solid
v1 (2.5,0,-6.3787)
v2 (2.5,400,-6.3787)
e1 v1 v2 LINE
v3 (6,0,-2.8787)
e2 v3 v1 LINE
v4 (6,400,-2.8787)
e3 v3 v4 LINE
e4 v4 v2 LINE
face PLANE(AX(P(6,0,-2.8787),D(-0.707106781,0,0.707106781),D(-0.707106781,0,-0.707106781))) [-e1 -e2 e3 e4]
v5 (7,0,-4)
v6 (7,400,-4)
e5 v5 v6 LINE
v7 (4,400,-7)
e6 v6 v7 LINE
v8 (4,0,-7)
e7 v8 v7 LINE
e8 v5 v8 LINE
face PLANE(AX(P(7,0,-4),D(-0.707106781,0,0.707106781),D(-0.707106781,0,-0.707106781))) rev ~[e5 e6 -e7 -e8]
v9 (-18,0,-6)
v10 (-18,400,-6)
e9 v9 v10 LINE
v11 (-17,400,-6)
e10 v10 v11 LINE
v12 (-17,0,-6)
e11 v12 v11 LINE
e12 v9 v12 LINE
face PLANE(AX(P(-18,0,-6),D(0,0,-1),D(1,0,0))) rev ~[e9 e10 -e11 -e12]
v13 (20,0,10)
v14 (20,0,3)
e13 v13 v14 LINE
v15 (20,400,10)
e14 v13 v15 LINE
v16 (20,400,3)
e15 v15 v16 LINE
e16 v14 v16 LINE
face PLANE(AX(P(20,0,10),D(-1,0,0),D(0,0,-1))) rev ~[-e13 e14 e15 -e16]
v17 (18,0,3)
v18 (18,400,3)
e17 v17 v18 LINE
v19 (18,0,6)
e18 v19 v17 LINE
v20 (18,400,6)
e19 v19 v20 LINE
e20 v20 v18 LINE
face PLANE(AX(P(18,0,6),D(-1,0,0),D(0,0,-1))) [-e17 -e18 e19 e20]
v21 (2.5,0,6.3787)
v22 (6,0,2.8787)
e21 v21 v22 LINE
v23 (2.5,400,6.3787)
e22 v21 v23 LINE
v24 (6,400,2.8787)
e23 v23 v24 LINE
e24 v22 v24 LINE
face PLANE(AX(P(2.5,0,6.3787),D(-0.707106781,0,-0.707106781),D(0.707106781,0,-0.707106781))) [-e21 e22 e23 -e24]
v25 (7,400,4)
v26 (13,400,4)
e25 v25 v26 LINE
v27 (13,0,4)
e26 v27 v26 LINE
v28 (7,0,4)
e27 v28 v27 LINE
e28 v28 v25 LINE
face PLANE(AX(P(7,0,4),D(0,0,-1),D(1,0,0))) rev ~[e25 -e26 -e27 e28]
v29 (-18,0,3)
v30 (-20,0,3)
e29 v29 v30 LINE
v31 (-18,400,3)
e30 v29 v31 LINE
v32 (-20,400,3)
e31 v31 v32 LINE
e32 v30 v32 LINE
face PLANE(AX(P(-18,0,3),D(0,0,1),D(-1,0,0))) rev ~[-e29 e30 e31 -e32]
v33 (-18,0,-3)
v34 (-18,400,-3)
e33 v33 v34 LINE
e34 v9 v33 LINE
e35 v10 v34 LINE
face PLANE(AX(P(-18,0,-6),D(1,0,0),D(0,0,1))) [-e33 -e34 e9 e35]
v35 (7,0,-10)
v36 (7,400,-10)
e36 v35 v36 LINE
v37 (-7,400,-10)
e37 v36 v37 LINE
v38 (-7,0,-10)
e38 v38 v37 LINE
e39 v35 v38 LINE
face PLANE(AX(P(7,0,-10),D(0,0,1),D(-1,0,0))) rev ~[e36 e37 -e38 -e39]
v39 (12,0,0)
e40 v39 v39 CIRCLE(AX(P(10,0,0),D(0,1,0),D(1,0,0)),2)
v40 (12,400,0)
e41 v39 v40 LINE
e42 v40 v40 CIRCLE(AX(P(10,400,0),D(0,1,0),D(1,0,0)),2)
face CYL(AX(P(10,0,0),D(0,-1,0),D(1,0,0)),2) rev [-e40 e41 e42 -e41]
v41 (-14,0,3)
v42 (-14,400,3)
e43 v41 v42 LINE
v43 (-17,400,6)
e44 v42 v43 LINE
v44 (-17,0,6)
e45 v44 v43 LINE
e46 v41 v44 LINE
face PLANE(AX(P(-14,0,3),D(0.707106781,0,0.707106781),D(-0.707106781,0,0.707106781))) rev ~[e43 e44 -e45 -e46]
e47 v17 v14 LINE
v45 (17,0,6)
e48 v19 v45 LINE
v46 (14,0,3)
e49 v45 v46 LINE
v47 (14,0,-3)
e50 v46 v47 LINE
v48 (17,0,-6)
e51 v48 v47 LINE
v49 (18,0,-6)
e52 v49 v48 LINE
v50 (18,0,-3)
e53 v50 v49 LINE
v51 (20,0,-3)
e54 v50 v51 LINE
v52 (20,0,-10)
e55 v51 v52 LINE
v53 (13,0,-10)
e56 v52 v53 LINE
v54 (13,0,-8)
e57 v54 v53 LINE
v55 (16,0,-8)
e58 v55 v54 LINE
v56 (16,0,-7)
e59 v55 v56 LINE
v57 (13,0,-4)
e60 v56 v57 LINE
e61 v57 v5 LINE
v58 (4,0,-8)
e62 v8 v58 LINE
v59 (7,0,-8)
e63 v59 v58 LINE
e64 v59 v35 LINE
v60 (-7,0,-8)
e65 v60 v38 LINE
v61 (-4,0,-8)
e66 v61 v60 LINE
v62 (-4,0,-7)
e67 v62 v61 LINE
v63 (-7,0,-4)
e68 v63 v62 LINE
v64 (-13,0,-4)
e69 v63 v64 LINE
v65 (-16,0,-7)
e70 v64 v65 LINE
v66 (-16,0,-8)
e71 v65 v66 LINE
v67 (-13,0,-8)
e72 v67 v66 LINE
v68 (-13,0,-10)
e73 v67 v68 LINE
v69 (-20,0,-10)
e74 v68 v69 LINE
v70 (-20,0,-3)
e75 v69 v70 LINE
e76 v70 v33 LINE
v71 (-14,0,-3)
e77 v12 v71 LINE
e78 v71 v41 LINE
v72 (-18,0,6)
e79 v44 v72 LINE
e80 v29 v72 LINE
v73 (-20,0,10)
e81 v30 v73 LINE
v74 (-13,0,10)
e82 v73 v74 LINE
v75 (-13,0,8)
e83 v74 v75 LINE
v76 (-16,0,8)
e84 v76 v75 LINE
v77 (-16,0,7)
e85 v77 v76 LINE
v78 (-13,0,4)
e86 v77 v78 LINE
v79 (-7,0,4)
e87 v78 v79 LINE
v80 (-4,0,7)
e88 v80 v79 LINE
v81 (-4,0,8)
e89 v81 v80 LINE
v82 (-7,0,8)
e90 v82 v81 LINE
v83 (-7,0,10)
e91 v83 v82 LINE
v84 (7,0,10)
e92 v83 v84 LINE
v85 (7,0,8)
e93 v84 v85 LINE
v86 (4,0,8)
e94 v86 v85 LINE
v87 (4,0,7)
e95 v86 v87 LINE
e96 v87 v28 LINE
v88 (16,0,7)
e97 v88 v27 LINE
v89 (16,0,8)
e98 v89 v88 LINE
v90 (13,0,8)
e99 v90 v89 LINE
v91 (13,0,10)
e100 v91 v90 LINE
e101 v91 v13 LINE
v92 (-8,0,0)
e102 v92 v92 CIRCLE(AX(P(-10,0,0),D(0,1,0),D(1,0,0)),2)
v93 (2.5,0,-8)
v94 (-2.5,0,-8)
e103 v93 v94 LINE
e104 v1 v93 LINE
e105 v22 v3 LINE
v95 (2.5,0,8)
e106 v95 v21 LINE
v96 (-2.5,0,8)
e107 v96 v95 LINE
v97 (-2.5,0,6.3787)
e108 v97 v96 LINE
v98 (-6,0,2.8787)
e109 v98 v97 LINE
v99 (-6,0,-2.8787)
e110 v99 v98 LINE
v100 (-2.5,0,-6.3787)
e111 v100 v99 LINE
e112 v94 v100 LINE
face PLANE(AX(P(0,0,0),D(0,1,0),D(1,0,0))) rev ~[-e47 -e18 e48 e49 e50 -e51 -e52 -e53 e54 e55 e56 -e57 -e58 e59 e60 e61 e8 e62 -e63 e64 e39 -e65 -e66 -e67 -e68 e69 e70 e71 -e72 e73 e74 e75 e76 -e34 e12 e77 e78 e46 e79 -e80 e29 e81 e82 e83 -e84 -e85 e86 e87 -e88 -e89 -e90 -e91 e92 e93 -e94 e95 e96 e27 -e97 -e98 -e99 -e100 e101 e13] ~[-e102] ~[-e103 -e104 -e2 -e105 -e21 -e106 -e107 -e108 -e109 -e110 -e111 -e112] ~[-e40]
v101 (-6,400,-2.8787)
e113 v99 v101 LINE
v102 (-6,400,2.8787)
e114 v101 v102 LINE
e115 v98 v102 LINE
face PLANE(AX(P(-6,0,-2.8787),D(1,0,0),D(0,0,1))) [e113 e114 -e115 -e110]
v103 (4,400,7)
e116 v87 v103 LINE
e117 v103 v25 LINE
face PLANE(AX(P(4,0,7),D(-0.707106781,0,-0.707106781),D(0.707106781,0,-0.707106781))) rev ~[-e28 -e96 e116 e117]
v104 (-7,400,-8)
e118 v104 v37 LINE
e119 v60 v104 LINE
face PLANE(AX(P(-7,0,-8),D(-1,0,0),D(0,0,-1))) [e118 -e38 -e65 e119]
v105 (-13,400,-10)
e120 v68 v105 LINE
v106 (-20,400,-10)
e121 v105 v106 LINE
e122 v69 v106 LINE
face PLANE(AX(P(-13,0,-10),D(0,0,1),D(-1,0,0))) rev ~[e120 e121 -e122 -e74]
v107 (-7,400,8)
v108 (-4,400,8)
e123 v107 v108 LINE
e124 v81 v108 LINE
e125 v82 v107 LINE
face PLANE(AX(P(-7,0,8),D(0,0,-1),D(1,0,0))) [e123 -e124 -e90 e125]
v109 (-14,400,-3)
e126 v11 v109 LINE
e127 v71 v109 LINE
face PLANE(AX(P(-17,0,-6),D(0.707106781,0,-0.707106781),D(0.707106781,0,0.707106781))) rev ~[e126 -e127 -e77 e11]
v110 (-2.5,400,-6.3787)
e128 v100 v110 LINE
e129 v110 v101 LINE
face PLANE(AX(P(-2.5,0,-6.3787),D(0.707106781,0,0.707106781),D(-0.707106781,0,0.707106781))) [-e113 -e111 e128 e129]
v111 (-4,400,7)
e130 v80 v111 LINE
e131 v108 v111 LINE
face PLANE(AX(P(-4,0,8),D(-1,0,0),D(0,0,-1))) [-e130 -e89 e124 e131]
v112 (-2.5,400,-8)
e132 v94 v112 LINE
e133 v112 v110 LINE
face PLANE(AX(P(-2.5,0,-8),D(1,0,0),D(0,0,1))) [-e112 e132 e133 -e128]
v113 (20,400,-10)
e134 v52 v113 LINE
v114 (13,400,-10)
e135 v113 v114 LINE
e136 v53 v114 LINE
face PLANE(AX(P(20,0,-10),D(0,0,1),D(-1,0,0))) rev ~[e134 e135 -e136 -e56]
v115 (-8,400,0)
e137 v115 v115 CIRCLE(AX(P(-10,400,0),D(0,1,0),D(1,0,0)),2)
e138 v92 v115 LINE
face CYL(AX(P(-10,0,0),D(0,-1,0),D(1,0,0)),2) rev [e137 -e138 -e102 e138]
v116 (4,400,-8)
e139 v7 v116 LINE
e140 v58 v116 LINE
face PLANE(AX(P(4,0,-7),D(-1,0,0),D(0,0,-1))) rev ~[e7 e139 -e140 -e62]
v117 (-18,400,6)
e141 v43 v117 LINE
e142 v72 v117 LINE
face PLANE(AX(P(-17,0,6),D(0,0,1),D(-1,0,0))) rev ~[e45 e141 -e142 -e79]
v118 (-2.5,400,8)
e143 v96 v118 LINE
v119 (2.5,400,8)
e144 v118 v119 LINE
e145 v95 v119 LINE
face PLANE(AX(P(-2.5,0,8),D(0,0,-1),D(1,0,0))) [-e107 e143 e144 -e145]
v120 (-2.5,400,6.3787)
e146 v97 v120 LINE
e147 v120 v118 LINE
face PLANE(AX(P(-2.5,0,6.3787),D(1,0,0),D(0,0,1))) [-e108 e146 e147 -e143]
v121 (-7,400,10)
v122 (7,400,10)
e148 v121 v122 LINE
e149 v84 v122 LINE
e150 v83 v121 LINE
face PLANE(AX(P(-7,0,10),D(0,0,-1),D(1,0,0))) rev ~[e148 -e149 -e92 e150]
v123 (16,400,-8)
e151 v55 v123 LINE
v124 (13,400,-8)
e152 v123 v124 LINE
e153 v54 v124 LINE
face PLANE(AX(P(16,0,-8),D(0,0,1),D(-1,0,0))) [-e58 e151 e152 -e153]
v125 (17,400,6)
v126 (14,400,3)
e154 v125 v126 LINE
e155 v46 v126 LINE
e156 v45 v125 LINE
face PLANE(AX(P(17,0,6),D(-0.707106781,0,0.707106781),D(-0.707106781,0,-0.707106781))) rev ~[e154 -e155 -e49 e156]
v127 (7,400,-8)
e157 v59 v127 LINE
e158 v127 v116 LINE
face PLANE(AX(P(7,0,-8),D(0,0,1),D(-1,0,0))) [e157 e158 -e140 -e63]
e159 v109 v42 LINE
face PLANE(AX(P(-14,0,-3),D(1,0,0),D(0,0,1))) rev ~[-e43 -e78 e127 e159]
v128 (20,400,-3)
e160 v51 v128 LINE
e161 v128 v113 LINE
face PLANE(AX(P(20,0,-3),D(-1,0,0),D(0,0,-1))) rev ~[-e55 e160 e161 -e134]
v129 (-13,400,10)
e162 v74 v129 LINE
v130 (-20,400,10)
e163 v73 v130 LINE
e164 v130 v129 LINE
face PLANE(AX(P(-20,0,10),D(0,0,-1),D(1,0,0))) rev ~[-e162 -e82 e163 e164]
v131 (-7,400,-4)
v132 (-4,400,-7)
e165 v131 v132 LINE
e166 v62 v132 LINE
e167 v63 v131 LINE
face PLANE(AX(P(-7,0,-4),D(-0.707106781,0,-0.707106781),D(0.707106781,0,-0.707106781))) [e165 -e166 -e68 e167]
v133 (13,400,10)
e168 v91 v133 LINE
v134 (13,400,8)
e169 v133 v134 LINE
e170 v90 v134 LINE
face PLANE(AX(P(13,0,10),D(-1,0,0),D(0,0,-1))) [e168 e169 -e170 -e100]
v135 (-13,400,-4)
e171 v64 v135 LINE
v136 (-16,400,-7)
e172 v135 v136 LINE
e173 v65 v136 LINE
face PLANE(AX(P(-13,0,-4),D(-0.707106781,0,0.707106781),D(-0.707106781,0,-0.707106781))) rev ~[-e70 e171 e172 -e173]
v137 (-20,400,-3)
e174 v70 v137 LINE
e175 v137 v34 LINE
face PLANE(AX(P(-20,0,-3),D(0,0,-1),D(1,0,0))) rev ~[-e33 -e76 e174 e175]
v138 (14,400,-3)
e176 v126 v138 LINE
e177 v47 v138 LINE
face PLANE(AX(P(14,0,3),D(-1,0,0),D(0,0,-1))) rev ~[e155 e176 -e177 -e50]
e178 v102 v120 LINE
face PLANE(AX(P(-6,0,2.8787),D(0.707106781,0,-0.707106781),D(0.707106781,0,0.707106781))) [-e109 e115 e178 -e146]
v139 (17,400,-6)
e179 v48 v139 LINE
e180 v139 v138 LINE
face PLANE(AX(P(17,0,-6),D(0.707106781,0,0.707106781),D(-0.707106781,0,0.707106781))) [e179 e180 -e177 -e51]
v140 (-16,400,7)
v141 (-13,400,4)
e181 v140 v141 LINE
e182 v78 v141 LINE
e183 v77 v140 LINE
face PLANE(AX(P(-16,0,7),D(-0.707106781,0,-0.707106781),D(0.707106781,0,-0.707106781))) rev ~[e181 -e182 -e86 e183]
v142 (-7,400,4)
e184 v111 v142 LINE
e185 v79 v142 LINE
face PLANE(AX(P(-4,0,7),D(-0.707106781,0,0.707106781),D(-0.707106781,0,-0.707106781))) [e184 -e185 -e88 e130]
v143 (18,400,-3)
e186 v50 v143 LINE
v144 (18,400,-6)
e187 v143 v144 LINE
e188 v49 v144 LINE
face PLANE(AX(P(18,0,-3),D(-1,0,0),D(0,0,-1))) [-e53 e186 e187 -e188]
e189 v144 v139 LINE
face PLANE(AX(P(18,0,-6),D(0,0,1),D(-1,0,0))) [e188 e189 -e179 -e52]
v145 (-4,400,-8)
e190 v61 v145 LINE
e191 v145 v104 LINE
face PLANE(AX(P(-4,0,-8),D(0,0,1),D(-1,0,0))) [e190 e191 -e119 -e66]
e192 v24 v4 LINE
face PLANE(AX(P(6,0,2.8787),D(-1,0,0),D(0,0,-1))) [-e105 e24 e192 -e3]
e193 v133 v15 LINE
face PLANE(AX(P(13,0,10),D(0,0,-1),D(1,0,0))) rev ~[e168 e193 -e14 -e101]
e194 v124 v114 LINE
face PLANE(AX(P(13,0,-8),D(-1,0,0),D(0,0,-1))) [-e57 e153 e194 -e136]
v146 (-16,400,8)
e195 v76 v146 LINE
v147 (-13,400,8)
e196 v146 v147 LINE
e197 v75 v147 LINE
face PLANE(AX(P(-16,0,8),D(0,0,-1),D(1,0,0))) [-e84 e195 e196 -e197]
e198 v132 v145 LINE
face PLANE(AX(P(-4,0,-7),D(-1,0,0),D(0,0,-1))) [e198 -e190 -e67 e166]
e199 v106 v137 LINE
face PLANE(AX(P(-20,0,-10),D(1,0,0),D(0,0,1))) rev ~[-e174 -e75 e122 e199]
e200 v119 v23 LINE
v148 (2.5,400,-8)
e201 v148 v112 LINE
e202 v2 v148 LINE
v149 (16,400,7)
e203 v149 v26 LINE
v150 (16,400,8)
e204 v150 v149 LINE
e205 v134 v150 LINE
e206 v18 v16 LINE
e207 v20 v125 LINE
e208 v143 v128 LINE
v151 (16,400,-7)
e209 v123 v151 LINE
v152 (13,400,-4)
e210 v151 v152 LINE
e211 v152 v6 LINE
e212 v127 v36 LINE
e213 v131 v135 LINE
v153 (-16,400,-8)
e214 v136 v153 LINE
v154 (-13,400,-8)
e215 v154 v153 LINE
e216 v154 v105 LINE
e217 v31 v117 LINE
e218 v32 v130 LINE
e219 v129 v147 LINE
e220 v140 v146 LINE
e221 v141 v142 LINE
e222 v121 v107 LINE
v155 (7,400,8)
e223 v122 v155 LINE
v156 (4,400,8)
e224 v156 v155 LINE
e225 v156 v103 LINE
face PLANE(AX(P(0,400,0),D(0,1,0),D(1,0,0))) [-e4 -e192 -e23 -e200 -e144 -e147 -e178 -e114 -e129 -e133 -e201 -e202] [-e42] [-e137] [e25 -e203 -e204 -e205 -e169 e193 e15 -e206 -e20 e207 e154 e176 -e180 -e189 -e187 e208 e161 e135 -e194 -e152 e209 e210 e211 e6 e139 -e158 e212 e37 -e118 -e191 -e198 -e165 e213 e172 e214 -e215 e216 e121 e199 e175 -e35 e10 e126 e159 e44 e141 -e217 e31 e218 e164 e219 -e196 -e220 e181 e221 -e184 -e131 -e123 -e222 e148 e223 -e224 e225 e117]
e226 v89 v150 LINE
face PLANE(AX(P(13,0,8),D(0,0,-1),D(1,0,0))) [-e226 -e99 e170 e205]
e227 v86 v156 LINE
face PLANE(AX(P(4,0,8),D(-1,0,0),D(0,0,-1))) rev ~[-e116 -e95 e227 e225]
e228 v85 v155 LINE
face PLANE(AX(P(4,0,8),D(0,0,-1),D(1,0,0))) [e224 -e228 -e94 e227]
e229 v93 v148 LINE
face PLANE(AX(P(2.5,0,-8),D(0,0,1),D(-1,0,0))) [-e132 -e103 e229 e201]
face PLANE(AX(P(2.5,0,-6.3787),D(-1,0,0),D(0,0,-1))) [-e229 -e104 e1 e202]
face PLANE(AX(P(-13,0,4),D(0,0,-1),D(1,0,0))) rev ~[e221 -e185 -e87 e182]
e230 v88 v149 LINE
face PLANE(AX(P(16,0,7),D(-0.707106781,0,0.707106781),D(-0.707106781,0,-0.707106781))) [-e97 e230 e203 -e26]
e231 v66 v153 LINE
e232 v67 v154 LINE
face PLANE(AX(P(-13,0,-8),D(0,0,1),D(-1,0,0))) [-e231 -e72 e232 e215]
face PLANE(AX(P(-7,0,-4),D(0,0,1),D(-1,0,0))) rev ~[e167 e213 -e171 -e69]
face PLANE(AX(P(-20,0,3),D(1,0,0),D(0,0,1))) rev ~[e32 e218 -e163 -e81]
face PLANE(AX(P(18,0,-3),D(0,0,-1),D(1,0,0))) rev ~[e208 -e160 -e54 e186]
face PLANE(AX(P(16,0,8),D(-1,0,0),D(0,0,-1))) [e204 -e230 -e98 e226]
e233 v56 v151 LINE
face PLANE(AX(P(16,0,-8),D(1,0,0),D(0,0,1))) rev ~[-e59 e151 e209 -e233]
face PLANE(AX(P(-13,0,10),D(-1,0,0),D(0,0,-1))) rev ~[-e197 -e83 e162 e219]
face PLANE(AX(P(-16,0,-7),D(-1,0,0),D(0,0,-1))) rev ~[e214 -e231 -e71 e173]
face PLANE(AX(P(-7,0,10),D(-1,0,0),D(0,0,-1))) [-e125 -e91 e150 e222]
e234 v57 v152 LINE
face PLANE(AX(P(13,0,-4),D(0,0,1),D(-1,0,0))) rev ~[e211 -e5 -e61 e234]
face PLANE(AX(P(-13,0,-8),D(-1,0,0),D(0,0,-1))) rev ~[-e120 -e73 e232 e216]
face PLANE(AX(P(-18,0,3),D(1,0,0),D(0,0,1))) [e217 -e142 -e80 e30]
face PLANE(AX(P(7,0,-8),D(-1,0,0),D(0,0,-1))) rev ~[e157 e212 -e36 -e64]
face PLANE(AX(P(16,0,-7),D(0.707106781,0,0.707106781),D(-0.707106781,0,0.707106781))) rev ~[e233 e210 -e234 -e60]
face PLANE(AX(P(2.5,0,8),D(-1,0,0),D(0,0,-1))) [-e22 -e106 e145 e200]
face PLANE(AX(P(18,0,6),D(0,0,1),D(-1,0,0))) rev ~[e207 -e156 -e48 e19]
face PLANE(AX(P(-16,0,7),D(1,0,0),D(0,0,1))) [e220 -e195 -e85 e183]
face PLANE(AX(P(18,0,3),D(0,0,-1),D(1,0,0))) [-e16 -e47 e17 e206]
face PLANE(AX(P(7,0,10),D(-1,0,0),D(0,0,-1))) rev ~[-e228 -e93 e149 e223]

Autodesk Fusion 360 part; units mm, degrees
sketch "Sketch1" plane through (0, 0, 0) normal (0, 1, 0) x (1, 0, 0)
  line L0 (-13, -4) -> (-7, -4)
  line L1 (7, -4) -> (13, -4)
  line L2 (14, -3) -> (14, 3)
  line L3 (13, 4) -> (7, 4)
  line L4 (-7, 4) -> (-13, 4)
  line L5 (-14, 3) -> (-14, -3)
  line L6 (-13, -10) -> (-13, -8)
  line L7 (-7, -10) -> (-7, -8)
  line L8 (7, -10) -> (7, -8)
  line L9 (13, -10) -> (13, -8)
  line L10 (18, -3) -> (20, -3)
  line L11 (18, 3) -> (20, 3)
  line L12 (13, 8) -> (13, 10)
  line L13 (7, 8) -> (7, 10)
  line L14 (-7, 8) -> (-7, 10)
  line L15 (-13, 8) -> (-13, 10)
  line L16 (-18, -3) -> (-20, -3)
  line L17 (-20, 3) -> (-18, 3)
  line L18 (-2.5, -6.3787) -> (-2.5, -8)
  line L19 (2.5, -8) -> (2.5, -6.3787)
  line L20 (2.5, -6.3787) -> (6, -2.8787)
  line L21 (6, -2.8787) -> (6, 2.8787)
  line L22 (6, 2.8787) -> (2.5, 6.3787)
  line L23 (2.5, 6.3787) -> (2.5, 8)
  line L24 (-2.5, 8) -> (-2.5, 6.3787)
  line L25 (-2.5, 6.3787) -> (-6, 2.8787)
  line L26 (-6, 2.8787) -> (-6, -2.8787)
  line L27 (-6, -2.8787) -> (-2.5, -6.3787)
  circle A0 centre (-10, 0) radius 2
  circle A1 centre (10, 0) radius 2
  line L28 (4, -8) -> (4, -7)
  line L29 (4, -7) -> (7, -4)
  line L30 (16, -8) -> (16, -7)
  line L31 (16, -7) -> (13, -4)
  line L32 (18, -6) -> (17, -6)
  line L33 (17, -6) -> (14, -3)
  line L34 (18, 6) -> (17, 6)
  line L35 (17, 6) -> (14, 3)
  line L36 (16, 8) -> (16, 7)
  line L37 (16, 7) -> (13, 4)
  line L38 (7, 4) -> (4, 7)
  line L39 (4, 7) -> (4, 8)
  line L40 (-7, 4) -> (-4, 7)
  line L41 (-4, 7) -> (-4, 8)
  line L42 (-13, 4) -> (-16, 7)
  line L43 (-16, 7) -> (-16, 8)
  line L44 (-18, 6) -> (-17, 6)
  line L45 (-17, 6) -> (-14, 3)
  line L46 (-14, -3) -> (-17, -6)
  line L47 (-17, -6) -> (-18, -6)
  line L48 (-16, -7) -> (-13, -4)
  line L49 (-4, -8) -> (-4, -7)
  line L50 (-4, -7) -> (-7, -4)
  line L51 (-16, -7) -> (-16, -8)
  line L52 (-13, 8) -> (-16, 8)
  line L53 (-13, 10) -> (-20, 10)
  line L54 (16, 8) -> (13, 8)
  line L55 (20, 10) -> (13, 10)
  line L56 (7, 10) -> (-7, 10)
  line L57 (18, -6) -> (18, -3)
  line L58 (18, 3) -> (18, 6)
  line L59 (20, -10) -> (20, -3)
  line L60 (20, 3) -> (20, 10)
  line L61 (13, -8) -> (16, -8)
  line L62 (13, -10) -> (20, -10)
  line L63 (-16, -8) -> (-13, -8)
  line L64 (-20, -10) -> (-13, -10)
  line L65 (-7, -10) -> (7, -10)
  line L66 (-18, 6) -> (-18, 3)
  line L67 (-18, -3) -> (-18, -6)
  line L68 (-20, 10) -> (-20, 3)
  line L69 (-20, -3) -> (-20, -10)
  line L70 (-4, 8) -> (-7, 8)
  line L71 (7, 8) -> (4, 8)
  line L72 (2.5, 8) -> (-2.5, 8)
  line L73 (4, -8) -> (7, -8)
  line L74 (-7, -8) -> (-4, -8)
  line L75 (-2.5, -8) -> (2.5, -8)
  dimension "d4" = 40
  dimension "d5" = 20
  dimension "d7" = 20
  dimension "d8" = 10
  dimension "d9" = 6
  dimension "d10" = 6
  dimension "d11" = 6
  dimension "d12" = 6
  dimension "d13" = 6
  dimension "d14" = 6
  dimension "d15" = 6
  dimension "d16" = 6
  dimension "d17" = 6
  dimension "d18" = 6
  dimension "d19" = 6
  dimension "d20" = 6
  dimension "d21" = 7
  dimension "d22" = 7
  dimension "d23" = 7
  dimension "d24" = 4
  dimension "d25" = 4
  dimension "d26" = 10
  dimension "d27" = 10
  dimension "d28" = 10
  dimension "d29" = 10
  dimension "d30" = 12
  dimension "d32" = 12
  dimension "d33" = 135
  dimension "d34" = 135
  dimension "d35" = 3
  dimension "d36" = 135
  dimension "d37" = 135
  dimension "d38" = 3
  dimension "d39" = 7
  dimension "d41" = 12
  dimension "d42" = 3
  dimension "d43" = 7
  dimension "d44" = 3
  dimension "d45" = 3
  dimension "d46" = 135
  dimension "d47" = 135
  dimension "d48" = 7
  dimension "d49" = 3
  dimension "d50" = 3
  dimension "d52" = 135
  dimension "d53" = 135
  dimension "d54" = 135
  dimension "d55" = 135
  dimension "d56" = 8
  dimension "d57" = 8
  dimension "d58" = 3
  dimension "d59" = 3
  dimension "d60" = 6
  dimension "d61" = 6
  dimension "d62" = 6
  dimension "d63" = 135
  dimension "d64" = 6
  dimension "d65" = 6
  dimension "d66" = 6
  dimension "d67" = 7
  dimension "d68" = 7
  dimension "d69" = 7
  dimension "d70" = 7
  dimension "d71" = 135
  dimension "d72" = 7
  dimension "d73" = 7
  dimension "d74" = 1.5
  dimension "d75" = 1.5
  dimension "d76" = 1.5
  dimension "d77" = 1.5
  dimension "d78" = 1.5
  dimension "d79" = 1.5
  dimension "d80" = 1.5
  dimension "d81" = 1.5
  dimension "d82" = 8
  dimension "d83" = 18
  dimension "d84" = 8
  dimension "d85" = 18
extrude "Extrude1" add sketch "Sketch1" along normal blind 400
